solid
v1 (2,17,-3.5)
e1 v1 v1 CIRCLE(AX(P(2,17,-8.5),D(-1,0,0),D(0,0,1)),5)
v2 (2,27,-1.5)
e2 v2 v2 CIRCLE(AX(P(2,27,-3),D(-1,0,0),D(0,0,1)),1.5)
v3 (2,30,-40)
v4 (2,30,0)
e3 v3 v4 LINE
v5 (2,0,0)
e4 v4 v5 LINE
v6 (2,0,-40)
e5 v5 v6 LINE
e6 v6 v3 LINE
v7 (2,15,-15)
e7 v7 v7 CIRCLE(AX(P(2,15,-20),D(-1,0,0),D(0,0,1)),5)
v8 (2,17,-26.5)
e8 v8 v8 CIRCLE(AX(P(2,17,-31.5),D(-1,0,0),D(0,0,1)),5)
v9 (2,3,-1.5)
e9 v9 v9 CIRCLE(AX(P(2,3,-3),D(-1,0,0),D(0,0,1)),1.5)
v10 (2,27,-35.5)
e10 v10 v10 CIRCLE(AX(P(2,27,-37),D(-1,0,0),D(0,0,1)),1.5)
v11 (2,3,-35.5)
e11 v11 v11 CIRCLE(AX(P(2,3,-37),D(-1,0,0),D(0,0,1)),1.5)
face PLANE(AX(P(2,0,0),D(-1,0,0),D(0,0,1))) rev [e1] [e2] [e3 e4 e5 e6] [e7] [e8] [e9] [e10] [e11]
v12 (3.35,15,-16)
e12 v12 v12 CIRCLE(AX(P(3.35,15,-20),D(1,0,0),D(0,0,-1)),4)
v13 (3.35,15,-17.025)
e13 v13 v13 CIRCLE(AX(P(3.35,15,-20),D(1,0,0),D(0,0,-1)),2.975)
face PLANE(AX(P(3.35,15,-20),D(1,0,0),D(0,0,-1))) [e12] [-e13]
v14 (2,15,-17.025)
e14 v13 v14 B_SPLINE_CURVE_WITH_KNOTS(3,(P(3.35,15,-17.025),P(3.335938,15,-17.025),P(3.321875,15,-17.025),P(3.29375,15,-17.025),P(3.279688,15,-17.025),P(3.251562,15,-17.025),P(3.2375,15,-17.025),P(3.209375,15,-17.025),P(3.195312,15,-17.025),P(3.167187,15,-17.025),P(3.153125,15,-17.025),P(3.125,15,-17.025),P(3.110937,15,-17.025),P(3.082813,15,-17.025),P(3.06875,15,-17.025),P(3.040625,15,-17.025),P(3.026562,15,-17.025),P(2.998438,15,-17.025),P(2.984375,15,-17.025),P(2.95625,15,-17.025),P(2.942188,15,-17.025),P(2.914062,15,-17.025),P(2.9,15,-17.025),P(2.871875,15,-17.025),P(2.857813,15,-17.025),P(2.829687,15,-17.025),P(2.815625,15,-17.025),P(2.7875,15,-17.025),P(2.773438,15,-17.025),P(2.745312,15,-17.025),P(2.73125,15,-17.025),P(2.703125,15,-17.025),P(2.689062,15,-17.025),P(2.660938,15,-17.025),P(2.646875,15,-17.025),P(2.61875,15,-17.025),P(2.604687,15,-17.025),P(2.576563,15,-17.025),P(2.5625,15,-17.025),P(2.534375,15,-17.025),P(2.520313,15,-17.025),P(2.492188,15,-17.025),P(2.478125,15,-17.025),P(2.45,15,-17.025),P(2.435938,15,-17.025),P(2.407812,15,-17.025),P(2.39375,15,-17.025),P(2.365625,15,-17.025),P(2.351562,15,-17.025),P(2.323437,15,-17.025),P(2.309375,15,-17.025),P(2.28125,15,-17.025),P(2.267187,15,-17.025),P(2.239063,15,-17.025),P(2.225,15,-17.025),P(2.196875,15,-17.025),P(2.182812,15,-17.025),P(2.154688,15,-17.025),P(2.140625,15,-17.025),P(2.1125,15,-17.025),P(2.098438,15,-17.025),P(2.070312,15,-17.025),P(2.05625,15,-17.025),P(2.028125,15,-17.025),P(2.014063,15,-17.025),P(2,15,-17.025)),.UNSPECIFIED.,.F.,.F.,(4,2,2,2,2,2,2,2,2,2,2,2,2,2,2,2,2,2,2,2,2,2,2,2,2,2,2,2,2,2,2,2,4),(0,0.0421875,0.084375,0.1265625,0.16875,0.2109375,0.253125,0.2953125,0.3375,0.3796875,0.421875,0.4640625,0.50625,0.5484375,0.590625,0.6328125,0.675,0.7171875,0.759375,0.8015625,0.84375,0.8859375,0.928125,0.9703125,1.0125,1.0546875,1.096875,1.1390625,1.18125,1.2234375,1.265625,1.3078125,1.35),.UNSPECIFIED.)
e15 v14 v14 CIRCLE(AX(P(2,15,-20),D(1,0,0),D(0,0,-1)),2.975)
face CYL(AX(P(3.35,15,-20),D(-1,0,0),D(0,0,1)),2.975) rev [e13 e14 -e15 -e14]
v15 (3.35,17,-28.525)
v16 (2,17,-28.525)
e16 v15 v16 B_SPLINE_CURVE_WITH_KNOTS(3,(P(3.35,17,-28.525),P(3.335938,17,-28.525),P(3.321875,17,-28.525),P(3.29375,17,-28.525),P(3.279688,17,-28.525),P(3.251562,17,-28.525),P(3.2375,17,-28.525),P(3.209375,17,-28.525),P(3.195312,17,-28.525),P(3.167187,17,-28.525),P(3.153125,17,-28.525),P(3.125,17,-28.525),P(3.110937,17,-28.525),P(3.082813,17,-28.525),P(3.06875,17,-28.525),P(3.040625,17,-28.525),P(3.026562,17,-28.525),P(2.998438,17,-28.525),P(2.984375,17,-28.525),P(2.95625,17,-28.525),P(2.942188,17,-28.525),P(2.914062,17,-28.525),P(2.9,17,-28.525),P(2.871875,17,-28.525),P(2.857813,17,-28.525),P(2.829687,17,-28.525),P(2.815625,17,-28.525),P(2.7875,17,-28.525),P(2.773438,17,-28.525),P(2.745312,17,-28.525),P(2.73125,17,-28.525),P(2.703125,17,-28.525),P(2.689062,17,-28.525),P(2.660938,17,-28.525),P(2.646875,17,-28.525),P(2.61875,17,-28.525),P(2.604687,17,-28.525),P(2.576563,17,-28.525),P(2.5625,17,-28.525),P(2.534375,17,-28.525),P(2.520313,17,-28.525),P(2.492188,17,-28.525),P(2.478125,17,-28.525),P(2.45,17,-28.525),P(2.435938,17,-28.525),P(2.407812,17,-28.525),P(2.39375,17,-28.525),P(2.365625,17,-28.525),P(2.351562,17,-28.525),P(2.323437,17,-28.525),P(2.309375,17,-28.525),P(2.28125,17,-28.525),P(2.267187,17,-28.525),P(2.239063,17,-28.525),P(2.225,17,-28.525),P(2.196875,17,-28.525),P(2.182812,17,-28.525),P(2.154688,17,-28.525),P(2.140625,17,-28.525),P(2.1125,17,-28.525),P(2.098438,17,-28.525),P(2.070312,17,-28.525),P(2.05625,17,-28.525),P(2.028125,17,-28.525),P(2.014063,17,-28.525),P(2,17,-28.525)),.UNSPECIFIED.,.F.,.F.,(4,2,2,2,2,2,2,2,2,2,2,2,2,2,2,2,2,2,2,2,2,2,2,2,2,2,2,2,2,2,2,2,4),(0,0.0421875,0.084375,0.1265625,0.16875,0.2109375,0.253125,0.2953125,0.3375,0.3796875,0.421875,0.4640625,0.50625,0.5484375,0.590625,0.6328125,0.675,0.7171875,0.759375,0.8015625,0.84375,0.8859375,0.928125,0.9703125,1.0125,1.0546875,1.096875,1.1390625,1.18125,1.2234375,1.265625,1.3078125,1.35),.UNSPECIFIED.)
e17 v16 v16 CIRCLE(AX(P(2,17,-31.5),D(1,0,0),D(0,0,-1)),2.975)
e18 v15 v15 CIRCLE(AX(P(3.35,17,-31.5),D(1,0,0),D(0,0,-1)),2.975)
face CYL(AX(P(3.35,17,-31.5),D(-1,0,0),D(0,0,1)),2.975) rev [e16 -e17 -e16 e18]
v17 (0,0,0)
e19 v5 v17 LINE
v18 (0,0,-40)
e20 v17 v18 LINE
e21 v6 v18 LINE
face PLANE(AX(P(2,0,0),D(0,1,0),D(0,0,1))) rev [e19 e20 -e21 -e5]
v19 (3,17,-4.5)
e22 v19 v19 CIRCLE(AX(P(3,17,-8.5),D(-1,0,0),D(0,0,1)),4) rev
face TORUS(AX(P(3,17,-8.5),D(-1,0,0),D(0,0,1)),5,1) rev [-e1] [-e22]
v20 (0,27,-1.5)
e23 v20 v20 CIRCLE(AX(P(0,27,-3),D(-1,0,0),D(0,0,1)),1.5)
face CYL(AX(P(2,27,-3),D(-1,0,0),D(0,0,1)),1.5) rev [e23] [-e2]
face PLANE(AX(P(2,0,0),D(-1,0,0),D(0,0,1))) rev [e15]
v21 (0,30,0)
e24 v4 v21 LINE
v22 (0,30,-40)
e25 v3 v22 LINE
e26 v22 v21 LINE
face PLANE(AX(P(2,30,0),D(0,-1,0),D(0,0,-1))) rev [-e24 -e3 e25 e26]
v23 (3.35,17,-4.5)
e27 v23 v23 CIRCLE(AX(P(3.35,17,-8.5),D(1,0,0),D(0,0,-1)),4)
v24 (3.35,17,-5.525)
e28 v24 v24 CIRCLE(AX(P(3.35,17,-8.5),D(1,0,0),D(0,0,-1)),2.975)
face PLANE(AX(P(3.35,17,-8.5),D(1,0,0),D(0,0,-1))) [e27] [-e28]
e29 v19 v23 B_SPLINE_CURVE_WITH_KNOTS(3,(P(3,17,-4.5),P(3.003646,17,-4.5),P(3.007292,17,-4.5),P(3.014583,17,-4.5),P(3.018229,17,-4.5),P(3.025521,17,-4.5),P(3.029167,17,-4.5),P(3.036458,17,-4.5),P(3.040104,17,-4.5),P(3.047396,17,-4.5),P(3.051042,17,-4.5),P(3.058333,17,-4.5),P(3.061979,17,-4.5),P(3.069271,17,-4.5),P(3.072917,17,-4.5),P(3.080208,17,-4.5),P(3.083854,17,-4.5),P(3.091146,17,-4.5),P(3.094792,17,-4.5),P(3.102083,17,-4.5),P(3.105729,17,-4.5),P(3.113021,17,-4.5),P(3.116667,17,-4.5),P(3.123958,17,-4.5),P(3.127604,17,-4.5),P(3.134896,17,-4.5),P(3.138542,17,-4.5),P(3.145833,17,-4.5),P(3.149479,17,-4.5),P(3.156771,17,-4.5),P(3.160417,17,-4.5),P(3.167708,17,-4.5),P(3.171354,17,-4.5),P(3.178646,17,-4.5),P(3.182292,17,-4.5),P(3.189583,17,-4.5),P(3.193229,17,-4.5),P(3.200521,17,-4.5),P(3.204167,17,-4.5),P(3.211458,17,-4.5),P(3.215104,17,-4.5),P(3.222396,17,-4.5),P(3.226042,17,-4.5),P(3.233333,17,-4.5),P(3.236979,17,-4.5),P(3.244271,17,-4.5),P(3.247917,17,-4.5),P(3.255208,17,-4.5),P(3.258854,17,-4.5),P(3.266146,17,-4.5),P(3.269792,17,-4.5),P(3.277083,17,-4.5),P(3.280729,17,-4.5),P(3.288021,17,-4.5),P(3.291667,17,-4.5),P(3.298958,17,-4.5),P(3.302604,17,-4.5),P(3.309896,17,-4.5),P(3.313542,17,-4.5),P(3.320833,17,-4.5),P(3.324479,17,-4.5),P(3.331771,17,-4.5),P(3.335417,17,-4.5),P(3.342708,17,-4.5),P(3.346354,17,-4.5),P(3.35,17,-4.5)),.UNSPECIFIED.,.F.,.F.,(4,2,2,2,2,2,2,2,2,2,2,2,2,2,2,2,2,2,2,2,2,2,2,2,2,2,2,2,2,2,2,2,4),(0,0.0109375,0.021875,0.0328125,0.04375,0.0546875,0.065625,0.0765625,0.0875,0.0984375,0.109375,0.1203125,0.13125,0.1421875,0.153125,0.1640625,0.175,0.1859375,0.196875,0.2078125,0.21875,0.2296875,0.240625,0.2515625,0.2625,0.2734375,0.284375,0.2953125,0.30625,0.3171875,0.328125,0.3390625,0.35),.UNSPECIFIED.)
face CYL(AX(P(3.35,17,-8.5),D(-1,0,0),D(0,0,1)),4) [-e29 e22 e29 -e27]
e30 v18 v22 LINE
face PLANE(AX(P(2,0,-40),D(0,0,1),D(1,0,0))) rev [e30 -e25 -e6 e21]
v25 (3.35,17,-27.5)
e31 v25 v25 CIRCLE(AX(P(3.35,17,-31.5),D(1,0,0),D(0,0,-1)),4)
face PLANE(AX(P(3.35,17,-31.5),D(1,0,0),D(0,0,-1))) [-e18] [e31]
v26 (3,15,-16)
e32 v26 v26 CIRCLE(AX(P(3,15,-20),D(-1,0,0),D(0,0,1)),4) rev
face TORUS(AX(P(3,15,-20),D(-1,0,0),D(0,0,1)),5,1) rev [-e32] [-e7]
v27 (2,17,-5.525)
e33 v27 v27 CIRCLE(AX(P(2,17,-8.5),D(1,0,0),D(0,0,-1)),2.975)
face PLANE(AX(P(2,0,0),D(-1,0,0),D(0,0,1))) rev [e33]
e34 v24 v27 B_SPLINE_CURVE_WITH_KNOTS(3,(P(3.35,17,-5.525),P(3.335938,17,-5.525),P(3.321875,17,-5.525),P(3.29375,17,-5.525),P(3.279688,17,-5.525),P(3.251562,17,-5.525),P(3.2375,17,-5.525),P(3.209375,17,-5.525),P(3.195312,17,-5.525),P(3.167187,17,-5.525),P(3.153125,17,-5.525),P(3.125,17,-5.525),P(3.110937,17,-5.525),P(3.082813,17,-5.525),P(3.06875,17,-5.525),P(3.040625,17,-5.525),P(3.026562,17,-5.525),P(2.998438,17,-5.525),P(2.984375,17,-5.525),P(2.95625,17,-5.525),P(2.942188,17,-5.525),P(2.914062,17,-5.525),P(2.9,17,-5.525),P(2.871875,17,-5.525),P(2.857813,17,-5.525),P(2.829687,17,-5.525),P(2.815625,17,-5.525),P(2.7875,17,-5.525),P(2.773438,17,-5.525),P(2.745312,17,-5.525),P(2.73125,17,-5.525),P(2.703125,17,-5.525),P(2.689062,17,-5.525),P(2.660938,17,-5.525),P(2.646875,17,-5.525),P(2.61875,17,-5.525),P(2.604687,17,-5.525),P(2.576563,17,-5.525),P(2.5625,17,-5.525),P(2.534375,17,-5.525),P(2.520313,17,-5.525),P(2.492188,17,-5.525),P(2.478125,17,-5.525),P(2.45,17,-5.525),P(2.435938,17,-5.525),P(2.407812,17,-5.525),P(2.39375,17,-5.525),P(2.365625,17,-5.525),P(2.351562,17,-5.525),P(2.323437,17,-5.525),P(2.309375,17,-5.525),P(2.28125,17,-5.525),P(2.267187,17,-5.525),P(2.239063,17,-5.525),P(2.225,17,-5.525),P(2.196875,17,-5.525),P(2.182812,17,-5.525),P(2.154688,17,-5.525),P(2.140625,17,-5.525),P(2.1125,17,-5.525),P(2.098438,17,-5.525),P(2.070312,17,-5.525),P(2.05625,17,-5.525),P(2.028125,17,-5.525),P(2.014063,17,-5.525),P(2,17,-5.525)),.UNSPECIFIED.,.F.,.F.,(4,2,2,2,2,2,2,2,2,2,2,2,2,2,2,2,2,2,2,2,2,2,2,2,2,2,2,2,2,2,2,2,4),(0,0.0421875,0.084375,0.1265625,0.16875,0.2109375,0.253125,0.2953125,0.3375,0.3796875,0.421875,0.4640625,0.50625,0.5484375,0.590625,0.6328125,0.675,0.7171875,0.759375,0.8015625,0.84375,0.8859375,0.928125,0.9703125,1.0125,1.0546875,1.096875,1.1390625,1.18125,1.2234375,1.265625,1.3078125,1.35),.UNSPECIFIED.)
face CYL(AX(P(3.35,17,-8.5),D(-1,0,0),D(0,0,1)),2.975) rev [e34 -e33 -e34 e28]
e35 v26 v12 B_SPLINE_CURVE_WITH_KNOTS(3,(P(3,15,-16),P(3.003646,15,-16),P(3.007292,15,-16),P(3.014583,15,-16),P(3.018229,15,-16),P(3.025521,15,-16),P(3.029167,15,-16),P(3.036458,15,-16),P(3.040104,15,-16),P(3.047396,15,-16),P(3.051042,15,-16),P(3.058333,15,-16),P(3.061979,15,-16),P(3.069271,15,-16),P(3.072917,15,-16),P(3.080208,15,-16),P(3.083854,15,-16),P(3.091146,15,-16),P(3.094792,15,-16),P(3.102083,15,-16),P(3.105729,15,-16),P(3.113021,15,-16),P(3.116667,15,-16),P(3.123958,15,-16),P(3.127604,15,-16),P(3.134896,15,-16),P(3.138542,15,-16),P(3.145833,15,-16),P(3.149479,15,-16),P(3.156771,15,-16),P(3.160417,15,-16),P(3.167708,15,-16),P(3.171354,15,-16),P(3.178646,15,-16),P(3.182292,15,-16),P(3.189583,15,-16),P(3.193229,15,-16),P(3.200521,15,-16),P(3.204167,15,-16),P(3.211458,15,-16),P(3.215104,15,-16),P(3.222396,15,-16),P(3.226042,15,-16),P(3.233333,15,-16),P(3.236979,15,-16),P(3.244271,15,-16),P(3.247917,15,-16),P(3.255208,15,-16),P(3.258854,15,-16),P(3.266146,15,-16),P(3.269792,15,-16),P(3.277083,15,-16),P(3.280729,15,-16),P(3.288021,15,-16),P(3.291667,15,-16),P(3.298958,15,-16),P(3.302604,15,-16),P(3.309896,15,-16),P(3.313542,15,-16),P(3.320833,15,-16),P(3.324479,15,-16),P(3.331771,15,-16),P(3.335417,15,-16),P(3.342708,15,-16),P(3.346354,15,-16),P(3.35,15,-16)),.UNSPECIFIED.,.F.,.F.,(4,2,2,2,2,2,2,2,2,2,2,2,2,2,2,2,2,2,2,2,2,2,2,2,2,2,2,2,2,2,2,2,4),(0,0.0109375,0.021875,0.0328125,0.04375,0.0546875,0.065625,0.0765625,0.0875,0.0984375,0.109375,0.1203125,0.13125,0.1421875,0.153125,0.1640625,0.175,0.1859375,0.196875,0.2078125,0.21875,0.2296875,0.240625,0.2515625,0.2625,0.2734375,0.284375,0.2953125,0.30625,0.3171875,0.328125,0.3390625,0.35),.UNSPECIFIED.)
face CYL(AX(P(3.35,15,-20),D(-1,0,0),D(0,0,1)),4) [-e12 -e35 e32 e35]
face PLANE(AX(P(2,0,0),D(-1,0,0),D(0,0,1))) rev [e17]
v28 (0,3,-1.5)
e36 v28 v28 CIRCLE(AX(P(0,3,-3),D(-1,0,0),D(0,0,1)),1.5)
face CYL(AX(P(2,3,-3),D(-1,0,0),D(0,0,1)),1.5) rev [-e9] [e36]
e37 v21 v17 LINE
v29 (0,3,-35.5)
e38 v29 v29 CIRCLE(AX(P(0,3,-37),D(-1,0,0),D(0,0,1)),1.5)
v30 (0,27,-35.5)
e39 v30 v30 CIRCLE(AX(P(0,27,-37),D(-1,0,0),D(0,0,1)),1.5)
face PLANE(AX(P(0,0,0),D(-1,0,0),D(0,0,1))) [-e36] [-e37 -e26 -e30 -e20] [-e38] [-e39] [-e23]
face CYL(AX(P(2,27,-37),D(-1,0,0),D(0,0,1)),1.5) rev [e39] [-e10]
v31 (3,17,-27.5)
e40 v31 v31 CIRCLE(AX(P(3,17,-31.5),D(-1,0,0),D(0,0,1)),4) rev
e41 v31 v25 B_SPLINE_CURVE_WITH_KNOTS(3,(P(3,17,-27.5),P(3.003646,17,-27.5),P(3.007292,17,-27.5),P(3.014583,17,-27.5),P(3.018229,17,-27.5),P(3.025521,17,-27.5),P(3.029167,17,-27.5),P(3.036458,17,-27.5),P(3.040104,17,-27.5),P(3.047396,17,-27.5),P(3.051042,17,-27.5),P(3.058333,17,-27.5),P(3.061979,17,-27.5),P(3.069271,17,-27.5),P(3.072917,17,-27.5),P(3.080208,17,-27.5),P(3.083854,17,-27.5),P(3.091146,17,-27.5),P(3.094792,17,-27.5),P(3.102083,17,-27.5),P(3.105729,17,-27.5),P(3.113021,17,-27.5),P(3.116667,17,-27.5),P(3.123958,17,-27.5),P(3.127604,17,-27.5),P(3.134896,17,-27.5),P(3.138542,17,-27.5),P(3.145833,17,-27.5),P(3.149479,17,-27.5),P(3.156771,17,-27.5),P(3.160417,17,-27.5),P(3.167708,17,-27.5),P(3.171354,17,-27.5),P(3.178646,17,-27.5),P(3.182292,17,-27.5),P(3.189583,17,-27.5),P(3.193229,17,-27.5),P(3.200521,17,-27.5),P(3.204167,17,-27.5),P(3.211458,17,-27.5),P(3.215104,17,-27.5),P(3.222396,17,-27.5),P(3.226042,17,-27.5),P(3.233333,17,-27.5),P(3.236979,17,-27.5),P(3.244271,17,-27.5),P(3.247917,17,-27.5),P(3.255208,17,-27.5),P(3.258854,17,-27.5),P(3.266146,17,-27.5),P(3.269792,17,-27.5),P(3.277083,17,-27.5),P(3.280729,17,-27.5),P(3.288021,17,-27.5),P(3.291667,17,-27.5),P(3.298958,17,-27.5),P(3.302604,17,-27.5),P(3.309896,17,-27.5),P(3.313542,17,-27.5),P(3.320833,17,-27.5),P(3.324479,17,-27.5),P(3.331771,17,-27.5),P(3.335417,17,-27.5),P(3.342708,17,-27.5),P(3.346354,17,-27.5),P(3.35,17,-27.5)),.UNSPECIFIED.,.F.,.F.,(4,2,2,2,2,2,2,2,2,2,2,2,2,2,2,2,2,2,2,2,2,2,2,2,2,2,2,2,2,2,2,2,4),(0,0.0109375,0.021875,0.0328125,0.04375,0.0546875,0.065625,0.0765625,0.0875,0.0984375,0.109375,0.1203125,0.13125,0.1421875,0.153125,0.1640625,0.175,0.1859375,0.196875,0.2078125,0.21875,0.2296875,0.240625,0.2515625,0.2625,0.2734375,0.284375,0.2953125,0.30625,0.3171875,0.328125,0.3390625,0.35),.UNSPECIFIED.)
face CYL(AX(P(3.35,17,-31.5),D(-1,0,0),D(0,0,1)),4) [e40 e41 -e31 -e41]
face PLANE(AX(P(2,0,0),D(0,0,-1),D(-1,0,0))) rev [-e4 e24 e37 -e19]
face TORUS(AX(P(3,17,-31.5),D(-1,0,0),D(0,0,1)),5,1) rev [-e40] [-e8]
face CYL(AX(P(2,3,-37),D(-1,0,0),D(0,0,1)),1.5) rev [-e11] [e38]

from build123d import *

# Parameters (mm, degrees)
SKETCH2_W           = 40
SKETCH2_H           = 30
BOSS_EXTRUDE1_DEPTH = 2
SKETCH3_R           = 4
SKETCH3_R_2         = 2.975
BOSS_EXTRUDE2_DEPTH = 1.35
FILLET1_R           = 1
SKETCH4_R           = 1.5
CUT_EXTRUDE1_DEPTH  = 2


with BuildPart() as part:
    # Sketch2 → Boss-Extrude1 (new body)
    with BuildSketch(Plane(origin=(0, 0, 0), x_dir=(0, 0, -1), z_dir=(1, 0, 0))):
        with Locations((20, 15)):
            Rectangle(SKETCH2_W, SKETCH2_H)
    extrude(amount=BOSS_EXTRUDE1_DEPTH)

    # Sketch3 → Boss-Extrude2 (add)
    # profile 1 of 3: a face of its own
    with BuildSketch(Plane(origin=(2, 0, 0), x_dir=(0, 0, -1), z_dir=(1, 0, 0))):
        with Locations(Location((8.5, 17, 0), (0, 0, 180))):
            Circle(SKETCH3_R)
        with Locations(Location((8.5, 17, 0), (0, 0, 180))):
            Circle(SKETCH3_R_2, mode=Mode.SUBTRACT)
    # profile 2 of 3: a face of its own
    with BuildSketch(Plane(origin=(2, 0, 0), x_dir=(0, 0, -1), z_dir=(1, 0, 0))):
        with Locations(Location((20, 15, 0), (0, 0, 180))):
            Circle(SKETCH3_R)
        with Locations(Location((20, 15, 0), (0, 0, 180))):
            Circle(SKETCH3_R_2, mode=Mode.SUBTRACT)
    # profile 3 of 3: a face of its own
    with BuildSketch(Plane(origin=(2, 0, 0), x_dir=(0, 0, -1), z_dir=(1, 0, 0))):
        with Locations(Location((31.5, 17, 0), (0, 0, 180))):
            Circle(SKETCH3_R)
        with Locations(Location((31.5, 17, 0), (0, 0, 180))):
            Circle(SKETCH3_R_2, mode=Mode.SUBTRACT)
    extrude(amount=BOSS_EXTRUDE2_DEPTH)

    # Fillet1
    fillet1_edges = [part.edges().sort_by_distance(p)[0] for p in [
        (2, 17, -12.5),
        (2, 15, -24),
        (2, 17, -35.5),
    ]]
    fillet(fillet1_edges, radius=FILLET1_R)

    # Sketch4 → Cut-Extrude1 (cut)
    with BuildSketch(Plane.ZY):
        with Locations((-37, 27)):
            Circle(SKETCH4_R)
        with Locations((-3, 27)):
            Circle(SKETCH4_R)
        with Locations((-37, 3)):
            Circle(SKETCH4_R)
        with Locations((-3, 3)):
            Circle(SKETCH4_R)
    extrude(amount=-CUT_EXTRUDE1_DEPTH, mode=Mode.SUBTRACT)


solid = part.part
